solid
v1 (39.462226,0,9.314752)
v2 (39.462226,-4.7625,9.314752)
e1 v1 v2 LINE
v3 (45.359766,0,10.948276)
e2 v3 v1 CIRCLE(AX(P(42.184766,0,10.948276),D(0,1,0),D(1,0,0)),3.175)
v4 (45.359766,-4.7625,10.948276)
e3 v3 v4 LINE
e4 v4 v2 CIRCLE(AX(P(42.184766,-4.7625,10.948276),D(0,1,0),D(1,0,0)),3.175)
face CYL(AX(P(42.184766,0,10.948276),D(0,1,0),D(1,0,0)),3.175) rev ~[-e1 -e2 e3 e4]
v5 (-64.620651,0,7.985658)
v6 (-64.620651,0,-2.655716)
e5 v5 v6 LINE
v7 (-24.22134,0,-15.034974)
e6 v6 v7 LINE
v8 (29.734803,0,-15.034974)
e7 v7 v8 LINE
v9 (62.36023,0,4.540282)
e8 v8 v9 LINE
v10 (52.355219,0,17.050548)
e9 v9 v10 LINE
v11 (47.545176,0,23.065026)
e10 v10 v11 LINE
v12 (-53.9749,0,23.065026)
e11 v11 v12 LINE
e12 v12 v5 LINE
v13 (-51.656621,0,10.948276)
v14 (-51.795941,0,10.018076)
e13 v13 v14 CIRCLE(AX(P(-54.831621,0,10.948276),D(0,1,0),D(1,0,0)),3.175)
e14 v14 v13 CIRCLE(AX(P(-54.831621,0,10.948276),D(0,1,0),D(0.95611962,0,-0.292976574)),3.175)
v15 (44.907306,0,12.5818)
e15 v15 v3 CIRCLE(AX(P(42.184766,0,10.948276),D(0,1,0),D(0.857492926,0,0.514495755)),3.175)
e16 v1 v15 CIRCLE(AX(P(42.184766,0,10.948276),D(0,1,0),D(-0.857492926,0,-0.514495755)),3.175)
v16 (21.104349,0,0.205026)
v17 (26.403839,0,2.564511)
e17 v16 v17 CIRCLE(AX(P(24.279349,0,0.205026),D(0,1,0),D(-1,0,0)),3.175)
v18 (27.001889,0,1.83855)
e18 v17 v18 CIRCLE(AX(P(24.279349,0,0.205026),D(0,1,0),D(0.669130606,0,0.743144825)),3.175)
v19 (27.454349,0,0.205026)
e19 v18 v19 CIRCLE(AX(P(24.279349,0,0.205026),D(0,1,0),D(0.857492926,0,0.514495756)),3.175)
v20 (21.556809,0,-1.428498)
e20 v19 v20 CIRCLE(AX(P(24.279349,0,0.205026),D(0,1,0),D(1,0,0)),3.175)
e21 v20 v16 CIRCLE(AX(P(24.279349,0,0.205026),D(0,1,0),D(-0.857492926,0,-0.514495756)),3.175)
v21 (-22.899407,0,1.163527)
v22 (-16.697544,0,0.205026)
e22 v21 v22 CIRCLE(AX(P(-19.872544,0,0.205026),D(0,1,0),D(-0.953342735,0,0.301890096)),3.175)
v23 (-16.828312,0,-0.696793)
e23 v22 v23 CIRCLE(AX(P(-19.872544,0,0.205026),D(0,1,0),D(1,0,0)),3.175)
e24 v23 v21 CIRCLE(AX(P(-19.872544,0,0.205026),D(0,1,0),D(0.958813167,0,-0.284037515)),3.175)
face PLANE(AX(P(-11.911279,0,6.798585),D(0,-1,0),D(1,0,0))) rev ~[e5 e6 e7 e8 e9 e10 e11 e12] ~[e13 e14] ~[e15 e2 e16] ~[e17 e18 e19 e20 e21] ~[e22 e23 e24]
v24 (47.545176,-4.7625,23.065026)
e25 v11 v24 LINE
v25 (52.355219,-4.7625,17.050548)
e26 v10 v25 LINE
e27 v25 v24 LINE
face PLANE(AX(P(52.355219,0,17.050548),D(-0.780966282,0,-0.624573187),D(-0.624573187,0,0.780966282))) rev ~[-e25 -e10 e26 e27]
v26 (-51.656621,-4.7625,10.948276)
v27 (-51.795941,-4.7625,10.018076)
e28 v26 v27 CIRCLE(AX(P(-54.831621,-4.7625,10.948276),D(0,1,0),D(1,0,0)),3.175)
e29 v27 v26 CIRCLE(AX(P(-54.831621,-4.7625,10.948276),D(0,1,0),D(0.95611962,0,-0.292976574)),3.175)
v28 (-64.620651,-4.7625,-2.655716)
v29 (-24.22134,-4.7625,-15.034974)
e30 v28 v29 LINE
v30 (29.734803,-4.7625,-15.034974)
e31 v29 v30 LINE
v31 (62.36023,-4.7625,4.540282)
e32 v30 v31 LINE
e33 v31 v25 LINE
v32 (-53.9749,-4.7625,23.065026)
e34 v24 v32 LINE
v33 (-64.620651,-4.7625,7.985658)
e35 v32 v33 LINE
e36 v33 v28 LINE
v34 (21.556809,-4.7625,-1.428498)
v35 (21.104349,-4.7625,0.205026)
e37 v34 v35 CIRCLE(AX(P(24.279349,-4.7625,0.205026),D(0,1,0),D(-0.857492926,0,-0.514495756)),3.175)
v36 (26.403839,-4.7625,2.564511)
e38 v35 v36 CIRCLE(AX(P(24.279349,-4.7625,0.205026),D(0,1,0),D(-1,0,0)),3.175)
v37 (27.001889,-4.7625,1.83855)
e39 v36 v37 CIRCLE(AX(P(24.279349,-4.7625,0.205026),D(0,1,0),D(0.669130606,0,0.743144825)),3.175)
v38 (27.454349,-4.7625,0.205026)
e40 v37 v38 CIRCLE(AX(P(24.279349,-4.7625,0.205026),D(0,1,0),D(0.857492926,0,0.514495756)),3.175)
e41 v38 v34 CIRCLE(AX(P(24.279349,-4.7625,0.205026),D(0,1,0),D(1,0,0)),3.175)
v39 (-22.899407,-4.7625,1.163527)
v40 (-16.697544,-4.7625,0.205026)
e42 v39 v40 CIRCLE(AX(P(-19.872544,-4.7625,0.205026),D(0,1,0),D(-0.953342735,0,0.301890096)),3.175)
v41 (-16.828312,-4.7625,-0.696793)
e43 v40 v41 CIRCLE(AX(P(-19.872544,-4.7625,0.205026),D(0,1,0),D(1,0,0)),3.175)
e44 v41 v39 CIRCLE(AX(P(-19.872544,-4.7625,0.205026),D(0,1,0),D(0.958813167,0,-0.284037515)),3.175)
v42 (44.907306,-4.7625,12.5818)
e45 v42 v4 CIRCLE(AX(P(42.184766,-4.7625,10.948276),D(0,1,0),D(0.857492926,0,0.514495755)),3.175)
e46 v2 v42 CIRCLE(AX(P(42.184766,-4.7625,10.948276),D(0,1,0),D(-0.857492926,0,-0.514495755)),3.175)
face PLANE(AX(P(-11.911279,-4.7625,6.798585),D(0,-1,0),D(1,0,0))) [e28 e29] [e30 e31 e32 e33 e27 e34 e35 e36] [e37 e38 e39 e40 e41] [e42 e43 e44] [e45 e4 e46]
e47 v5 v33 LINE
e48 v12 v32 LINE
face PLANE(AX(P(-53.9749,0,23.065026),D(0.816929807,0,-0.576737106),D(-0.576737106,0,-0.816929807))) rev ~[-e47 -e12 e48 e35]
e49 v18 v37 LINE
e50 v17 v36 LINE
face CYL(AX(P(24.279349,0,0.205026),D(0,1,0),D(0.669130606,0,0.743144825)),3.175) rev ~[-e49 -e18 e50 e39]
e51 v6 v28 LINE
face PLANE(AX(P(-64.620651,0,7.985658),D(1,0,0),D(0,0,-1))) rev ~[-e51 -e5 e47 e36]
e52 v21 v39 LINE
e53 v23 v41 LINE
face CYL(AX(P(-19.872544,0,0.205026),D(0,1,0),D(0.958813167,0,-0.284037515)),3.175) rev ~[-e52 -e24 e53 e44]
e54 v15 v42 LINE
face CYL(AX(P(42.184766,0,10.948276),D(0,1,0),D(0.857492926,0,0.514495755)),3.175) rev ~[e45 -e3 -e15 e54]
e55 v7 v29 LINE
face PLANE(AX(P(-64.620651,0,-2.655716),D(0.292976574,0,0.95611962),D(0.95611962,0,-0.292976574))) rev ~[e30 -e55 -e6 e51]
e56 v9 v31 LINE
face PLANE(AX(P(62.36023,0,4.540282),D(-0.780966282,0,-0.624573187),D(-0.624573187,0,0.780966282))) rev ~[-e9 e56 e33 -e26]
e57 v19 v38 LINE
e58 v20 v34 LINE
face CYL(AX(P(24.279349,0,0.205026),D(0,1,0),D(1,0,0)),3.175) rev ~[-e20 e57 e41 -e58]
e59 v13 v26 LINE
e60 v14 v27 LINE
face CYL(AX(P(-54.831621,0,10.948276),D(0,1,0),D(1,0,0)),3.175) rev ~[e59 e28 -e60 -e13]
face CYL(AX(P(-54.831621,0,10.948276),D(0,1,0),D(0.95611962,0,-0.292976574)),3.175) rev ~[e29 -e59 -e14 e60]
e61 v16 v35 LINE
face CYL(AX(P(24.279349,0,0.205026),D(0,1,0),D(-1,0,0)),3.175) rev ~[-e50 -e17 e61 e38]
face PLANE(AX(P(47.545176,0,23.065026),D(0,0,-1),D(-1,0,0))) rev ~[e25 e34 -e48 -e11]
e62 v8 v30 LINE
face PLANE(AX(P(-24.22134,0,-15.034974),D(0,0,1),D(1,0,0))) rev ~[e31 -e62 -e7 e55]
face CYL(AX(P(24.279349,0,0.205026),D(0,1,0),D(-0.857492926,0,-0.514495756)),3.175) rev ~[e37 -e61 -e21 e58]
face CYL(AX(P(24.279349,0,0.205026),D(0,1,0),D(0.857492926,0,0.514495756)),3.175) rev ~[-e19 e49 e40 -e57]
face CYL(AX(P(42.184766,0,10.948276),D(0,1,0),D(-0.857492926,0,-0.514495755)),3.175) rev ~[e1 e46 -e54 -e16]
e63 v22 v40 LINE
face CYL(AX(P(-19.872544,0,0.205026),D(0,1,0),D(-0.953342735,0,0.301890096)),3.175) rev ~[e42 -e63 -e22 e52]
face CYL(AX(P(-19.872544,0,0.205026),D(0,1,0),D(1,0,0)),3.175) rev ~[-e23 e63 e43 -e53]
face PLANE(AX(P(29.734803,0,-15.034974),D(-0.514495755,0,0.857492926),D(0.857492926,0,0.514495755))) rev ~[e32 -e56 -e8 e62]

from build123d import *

# Parameters (mm, degrees)
F1_DEPTH = 4.7625


with BuildPart() as f1:
    # F0 (on Front) → F1 (new body)
    with BuildSketch(Plane.XZ):
        with BuildLine():
            Line((26.4038386983, 2.564510672), (44.8625854758, 23.0650258511))
            Line((44.8625854758, 23.0650258511), (-53.9749003947, 23.0650258511))
            Line((-53.9749003947, 23.0650258511), (-64.6206509769, 7.9856580123))
            Line((-64.6206509769, 7.9856580123), (-64.6206509769, -2.6557157676))
            Line((-64.6206509769, -2.6557157676), (-24.221339656, -15.0349741489))
            Line((-24.221339656, -15.0349741489), (-1.1206509769, -15.0349741489))
            Line((-1.1206509769, -15.0349741489), (-1.1206509769, -5.5099741489))
            Line((-1.1206509769, -5.5099741489), (-16.828311902, -0.6967932604))
            ThreePointArc((-16.828311902, -0.6967932604), (-20.8027443302, -2.8306539415), (-22.8994068913, 1.1635269053))
            ThreePointArc((-22.8994068913, 1.1635269053), (-19.3876033028, 3.3427731008), (-16.6975437083, 0.2050258511))
            Line((-16.6975437083, 0.2050258511), (-0.8225437083, 0.2050258511))
            Line((-0.8225437083, 0.2050258511), (21.1043490231, 0.2050258511))
            ThreePointArc((21.1043490231, 0.2050258511), (22.9879601813, 3.1055326791), (26.4038386983, 2.564510672))
        make_face()
        with BuildLine():
            ThreePointArc((-51.6566210989, 10.9482761359), (-51.6916443202, 10.4779881079), (-51.7959413063, 10.018075514))
            ThreePointArc((-51.7959413063, 10.018075514), (-57.9715978776, 11.4185641639), (-51.6566210989, 10.9482761359))
        make_face(mode=Mode.SUBTRACT)
        with BuildLine():
            ThreePointArc((21.556808984, -1.4284981724), (21.219554126, -0.6424882714), (21.1043490231, 0.2050258511))
            Line((21.1043490231, 0.2050258511), (-0.8225437083, 0.2050258511))
            Line((-0.8225437083, 0.2050258511), (-16.6975437083, 0.2050258511))
            ThreePointArc((-16.6975437083, 0.2050258511), (-16.7304058226, -0.2505995516), (-16.828311902, -0.6967932604))
            Line((-16.828311902, -0.6967932604), (-1.1206509769, -5.5099741489))
            Line((-1.1206509769, -5.5099741489), (9.3876935245, -8.7299674481))
            Line((9.3876935245, -8.7299674481), (21.556808984, -1.4284981724))
        make_face()
        with BuildLine():
            Line((52.3552192636, 17.0505479954), (47.5451759994, 23.0650258511))
            Line((47.5451759994, 23.0650258511), (44.8625854758, 23.0650258511))
            Line((44.8625854758, 23.0650258511), (26.4038386983, 2.564510672))
            ThreePointArc((26.4038386983, 2.564510672), (26.7298957035, 2.2237992329), (27.0018890622, 1.8385498746))
            Line((27.0018890622, 1.8385498746), (39.4622261253, 9.3147521124))
            ThreePointArc((39.4622261253, 9.3147521124), (40.551242141, 13.670816175), (44.9073062036, 12.5818001594))
            Line((44.9073062036, 12.5818001594), (52.3552192636, 17.0505479954))
        make_face()
        Polygon((-1.1206509769, -5.5099741489), (-1.1206509769, -15.0349741489), (9.3876935245, -8.7299674481), align=None)
        with BuildLine():
            Line((62.3602304878, 4.5402824637), (52.3552192636, 17.0505479954))
            Line((52.3552192636, 17.0505479954), (44.9073062036, 12.5818001594))
            ThreePointArc((44.9073062036, 12.5818001594), (45.2445610615, 11.7957902584), (45.3597661644, 10.9482761359))
            ThreePointArc((45.3597661644, 10.9482761359), (43.032280287, 7.8884812388), (39.4622261253, 9.3147521124))
            Line((39.4622261253, 9.3147521124), (27.0018890622, 1.8385498746))
            ThreePointArc((27.0018890622, 1.8385498746), (27.3391439202, 1.0525399736), (27.4543490231, 0.2050258511))
            ThreePointArc((27.4543490231, 0.2050258511), (25.1268631456, -2.854769046), (21.556808984, -1.4284981724))
            Line((21.556808984, -1.4284981724), (9.3876935245, -8.7299674481))
            Line((9.3876935245, -8.7299674481), (-1.1206509769, -15.0349741489))
            Line((-1.1206509769, -15.0349741489), (29.7348028, -15.0349741489))
            Line((29.7348028, -15.0349741489), (62.3602304878, 4.5402824637))
        make_face()
    extrude(amount=F1_DEPTH)


solid = f1.part
